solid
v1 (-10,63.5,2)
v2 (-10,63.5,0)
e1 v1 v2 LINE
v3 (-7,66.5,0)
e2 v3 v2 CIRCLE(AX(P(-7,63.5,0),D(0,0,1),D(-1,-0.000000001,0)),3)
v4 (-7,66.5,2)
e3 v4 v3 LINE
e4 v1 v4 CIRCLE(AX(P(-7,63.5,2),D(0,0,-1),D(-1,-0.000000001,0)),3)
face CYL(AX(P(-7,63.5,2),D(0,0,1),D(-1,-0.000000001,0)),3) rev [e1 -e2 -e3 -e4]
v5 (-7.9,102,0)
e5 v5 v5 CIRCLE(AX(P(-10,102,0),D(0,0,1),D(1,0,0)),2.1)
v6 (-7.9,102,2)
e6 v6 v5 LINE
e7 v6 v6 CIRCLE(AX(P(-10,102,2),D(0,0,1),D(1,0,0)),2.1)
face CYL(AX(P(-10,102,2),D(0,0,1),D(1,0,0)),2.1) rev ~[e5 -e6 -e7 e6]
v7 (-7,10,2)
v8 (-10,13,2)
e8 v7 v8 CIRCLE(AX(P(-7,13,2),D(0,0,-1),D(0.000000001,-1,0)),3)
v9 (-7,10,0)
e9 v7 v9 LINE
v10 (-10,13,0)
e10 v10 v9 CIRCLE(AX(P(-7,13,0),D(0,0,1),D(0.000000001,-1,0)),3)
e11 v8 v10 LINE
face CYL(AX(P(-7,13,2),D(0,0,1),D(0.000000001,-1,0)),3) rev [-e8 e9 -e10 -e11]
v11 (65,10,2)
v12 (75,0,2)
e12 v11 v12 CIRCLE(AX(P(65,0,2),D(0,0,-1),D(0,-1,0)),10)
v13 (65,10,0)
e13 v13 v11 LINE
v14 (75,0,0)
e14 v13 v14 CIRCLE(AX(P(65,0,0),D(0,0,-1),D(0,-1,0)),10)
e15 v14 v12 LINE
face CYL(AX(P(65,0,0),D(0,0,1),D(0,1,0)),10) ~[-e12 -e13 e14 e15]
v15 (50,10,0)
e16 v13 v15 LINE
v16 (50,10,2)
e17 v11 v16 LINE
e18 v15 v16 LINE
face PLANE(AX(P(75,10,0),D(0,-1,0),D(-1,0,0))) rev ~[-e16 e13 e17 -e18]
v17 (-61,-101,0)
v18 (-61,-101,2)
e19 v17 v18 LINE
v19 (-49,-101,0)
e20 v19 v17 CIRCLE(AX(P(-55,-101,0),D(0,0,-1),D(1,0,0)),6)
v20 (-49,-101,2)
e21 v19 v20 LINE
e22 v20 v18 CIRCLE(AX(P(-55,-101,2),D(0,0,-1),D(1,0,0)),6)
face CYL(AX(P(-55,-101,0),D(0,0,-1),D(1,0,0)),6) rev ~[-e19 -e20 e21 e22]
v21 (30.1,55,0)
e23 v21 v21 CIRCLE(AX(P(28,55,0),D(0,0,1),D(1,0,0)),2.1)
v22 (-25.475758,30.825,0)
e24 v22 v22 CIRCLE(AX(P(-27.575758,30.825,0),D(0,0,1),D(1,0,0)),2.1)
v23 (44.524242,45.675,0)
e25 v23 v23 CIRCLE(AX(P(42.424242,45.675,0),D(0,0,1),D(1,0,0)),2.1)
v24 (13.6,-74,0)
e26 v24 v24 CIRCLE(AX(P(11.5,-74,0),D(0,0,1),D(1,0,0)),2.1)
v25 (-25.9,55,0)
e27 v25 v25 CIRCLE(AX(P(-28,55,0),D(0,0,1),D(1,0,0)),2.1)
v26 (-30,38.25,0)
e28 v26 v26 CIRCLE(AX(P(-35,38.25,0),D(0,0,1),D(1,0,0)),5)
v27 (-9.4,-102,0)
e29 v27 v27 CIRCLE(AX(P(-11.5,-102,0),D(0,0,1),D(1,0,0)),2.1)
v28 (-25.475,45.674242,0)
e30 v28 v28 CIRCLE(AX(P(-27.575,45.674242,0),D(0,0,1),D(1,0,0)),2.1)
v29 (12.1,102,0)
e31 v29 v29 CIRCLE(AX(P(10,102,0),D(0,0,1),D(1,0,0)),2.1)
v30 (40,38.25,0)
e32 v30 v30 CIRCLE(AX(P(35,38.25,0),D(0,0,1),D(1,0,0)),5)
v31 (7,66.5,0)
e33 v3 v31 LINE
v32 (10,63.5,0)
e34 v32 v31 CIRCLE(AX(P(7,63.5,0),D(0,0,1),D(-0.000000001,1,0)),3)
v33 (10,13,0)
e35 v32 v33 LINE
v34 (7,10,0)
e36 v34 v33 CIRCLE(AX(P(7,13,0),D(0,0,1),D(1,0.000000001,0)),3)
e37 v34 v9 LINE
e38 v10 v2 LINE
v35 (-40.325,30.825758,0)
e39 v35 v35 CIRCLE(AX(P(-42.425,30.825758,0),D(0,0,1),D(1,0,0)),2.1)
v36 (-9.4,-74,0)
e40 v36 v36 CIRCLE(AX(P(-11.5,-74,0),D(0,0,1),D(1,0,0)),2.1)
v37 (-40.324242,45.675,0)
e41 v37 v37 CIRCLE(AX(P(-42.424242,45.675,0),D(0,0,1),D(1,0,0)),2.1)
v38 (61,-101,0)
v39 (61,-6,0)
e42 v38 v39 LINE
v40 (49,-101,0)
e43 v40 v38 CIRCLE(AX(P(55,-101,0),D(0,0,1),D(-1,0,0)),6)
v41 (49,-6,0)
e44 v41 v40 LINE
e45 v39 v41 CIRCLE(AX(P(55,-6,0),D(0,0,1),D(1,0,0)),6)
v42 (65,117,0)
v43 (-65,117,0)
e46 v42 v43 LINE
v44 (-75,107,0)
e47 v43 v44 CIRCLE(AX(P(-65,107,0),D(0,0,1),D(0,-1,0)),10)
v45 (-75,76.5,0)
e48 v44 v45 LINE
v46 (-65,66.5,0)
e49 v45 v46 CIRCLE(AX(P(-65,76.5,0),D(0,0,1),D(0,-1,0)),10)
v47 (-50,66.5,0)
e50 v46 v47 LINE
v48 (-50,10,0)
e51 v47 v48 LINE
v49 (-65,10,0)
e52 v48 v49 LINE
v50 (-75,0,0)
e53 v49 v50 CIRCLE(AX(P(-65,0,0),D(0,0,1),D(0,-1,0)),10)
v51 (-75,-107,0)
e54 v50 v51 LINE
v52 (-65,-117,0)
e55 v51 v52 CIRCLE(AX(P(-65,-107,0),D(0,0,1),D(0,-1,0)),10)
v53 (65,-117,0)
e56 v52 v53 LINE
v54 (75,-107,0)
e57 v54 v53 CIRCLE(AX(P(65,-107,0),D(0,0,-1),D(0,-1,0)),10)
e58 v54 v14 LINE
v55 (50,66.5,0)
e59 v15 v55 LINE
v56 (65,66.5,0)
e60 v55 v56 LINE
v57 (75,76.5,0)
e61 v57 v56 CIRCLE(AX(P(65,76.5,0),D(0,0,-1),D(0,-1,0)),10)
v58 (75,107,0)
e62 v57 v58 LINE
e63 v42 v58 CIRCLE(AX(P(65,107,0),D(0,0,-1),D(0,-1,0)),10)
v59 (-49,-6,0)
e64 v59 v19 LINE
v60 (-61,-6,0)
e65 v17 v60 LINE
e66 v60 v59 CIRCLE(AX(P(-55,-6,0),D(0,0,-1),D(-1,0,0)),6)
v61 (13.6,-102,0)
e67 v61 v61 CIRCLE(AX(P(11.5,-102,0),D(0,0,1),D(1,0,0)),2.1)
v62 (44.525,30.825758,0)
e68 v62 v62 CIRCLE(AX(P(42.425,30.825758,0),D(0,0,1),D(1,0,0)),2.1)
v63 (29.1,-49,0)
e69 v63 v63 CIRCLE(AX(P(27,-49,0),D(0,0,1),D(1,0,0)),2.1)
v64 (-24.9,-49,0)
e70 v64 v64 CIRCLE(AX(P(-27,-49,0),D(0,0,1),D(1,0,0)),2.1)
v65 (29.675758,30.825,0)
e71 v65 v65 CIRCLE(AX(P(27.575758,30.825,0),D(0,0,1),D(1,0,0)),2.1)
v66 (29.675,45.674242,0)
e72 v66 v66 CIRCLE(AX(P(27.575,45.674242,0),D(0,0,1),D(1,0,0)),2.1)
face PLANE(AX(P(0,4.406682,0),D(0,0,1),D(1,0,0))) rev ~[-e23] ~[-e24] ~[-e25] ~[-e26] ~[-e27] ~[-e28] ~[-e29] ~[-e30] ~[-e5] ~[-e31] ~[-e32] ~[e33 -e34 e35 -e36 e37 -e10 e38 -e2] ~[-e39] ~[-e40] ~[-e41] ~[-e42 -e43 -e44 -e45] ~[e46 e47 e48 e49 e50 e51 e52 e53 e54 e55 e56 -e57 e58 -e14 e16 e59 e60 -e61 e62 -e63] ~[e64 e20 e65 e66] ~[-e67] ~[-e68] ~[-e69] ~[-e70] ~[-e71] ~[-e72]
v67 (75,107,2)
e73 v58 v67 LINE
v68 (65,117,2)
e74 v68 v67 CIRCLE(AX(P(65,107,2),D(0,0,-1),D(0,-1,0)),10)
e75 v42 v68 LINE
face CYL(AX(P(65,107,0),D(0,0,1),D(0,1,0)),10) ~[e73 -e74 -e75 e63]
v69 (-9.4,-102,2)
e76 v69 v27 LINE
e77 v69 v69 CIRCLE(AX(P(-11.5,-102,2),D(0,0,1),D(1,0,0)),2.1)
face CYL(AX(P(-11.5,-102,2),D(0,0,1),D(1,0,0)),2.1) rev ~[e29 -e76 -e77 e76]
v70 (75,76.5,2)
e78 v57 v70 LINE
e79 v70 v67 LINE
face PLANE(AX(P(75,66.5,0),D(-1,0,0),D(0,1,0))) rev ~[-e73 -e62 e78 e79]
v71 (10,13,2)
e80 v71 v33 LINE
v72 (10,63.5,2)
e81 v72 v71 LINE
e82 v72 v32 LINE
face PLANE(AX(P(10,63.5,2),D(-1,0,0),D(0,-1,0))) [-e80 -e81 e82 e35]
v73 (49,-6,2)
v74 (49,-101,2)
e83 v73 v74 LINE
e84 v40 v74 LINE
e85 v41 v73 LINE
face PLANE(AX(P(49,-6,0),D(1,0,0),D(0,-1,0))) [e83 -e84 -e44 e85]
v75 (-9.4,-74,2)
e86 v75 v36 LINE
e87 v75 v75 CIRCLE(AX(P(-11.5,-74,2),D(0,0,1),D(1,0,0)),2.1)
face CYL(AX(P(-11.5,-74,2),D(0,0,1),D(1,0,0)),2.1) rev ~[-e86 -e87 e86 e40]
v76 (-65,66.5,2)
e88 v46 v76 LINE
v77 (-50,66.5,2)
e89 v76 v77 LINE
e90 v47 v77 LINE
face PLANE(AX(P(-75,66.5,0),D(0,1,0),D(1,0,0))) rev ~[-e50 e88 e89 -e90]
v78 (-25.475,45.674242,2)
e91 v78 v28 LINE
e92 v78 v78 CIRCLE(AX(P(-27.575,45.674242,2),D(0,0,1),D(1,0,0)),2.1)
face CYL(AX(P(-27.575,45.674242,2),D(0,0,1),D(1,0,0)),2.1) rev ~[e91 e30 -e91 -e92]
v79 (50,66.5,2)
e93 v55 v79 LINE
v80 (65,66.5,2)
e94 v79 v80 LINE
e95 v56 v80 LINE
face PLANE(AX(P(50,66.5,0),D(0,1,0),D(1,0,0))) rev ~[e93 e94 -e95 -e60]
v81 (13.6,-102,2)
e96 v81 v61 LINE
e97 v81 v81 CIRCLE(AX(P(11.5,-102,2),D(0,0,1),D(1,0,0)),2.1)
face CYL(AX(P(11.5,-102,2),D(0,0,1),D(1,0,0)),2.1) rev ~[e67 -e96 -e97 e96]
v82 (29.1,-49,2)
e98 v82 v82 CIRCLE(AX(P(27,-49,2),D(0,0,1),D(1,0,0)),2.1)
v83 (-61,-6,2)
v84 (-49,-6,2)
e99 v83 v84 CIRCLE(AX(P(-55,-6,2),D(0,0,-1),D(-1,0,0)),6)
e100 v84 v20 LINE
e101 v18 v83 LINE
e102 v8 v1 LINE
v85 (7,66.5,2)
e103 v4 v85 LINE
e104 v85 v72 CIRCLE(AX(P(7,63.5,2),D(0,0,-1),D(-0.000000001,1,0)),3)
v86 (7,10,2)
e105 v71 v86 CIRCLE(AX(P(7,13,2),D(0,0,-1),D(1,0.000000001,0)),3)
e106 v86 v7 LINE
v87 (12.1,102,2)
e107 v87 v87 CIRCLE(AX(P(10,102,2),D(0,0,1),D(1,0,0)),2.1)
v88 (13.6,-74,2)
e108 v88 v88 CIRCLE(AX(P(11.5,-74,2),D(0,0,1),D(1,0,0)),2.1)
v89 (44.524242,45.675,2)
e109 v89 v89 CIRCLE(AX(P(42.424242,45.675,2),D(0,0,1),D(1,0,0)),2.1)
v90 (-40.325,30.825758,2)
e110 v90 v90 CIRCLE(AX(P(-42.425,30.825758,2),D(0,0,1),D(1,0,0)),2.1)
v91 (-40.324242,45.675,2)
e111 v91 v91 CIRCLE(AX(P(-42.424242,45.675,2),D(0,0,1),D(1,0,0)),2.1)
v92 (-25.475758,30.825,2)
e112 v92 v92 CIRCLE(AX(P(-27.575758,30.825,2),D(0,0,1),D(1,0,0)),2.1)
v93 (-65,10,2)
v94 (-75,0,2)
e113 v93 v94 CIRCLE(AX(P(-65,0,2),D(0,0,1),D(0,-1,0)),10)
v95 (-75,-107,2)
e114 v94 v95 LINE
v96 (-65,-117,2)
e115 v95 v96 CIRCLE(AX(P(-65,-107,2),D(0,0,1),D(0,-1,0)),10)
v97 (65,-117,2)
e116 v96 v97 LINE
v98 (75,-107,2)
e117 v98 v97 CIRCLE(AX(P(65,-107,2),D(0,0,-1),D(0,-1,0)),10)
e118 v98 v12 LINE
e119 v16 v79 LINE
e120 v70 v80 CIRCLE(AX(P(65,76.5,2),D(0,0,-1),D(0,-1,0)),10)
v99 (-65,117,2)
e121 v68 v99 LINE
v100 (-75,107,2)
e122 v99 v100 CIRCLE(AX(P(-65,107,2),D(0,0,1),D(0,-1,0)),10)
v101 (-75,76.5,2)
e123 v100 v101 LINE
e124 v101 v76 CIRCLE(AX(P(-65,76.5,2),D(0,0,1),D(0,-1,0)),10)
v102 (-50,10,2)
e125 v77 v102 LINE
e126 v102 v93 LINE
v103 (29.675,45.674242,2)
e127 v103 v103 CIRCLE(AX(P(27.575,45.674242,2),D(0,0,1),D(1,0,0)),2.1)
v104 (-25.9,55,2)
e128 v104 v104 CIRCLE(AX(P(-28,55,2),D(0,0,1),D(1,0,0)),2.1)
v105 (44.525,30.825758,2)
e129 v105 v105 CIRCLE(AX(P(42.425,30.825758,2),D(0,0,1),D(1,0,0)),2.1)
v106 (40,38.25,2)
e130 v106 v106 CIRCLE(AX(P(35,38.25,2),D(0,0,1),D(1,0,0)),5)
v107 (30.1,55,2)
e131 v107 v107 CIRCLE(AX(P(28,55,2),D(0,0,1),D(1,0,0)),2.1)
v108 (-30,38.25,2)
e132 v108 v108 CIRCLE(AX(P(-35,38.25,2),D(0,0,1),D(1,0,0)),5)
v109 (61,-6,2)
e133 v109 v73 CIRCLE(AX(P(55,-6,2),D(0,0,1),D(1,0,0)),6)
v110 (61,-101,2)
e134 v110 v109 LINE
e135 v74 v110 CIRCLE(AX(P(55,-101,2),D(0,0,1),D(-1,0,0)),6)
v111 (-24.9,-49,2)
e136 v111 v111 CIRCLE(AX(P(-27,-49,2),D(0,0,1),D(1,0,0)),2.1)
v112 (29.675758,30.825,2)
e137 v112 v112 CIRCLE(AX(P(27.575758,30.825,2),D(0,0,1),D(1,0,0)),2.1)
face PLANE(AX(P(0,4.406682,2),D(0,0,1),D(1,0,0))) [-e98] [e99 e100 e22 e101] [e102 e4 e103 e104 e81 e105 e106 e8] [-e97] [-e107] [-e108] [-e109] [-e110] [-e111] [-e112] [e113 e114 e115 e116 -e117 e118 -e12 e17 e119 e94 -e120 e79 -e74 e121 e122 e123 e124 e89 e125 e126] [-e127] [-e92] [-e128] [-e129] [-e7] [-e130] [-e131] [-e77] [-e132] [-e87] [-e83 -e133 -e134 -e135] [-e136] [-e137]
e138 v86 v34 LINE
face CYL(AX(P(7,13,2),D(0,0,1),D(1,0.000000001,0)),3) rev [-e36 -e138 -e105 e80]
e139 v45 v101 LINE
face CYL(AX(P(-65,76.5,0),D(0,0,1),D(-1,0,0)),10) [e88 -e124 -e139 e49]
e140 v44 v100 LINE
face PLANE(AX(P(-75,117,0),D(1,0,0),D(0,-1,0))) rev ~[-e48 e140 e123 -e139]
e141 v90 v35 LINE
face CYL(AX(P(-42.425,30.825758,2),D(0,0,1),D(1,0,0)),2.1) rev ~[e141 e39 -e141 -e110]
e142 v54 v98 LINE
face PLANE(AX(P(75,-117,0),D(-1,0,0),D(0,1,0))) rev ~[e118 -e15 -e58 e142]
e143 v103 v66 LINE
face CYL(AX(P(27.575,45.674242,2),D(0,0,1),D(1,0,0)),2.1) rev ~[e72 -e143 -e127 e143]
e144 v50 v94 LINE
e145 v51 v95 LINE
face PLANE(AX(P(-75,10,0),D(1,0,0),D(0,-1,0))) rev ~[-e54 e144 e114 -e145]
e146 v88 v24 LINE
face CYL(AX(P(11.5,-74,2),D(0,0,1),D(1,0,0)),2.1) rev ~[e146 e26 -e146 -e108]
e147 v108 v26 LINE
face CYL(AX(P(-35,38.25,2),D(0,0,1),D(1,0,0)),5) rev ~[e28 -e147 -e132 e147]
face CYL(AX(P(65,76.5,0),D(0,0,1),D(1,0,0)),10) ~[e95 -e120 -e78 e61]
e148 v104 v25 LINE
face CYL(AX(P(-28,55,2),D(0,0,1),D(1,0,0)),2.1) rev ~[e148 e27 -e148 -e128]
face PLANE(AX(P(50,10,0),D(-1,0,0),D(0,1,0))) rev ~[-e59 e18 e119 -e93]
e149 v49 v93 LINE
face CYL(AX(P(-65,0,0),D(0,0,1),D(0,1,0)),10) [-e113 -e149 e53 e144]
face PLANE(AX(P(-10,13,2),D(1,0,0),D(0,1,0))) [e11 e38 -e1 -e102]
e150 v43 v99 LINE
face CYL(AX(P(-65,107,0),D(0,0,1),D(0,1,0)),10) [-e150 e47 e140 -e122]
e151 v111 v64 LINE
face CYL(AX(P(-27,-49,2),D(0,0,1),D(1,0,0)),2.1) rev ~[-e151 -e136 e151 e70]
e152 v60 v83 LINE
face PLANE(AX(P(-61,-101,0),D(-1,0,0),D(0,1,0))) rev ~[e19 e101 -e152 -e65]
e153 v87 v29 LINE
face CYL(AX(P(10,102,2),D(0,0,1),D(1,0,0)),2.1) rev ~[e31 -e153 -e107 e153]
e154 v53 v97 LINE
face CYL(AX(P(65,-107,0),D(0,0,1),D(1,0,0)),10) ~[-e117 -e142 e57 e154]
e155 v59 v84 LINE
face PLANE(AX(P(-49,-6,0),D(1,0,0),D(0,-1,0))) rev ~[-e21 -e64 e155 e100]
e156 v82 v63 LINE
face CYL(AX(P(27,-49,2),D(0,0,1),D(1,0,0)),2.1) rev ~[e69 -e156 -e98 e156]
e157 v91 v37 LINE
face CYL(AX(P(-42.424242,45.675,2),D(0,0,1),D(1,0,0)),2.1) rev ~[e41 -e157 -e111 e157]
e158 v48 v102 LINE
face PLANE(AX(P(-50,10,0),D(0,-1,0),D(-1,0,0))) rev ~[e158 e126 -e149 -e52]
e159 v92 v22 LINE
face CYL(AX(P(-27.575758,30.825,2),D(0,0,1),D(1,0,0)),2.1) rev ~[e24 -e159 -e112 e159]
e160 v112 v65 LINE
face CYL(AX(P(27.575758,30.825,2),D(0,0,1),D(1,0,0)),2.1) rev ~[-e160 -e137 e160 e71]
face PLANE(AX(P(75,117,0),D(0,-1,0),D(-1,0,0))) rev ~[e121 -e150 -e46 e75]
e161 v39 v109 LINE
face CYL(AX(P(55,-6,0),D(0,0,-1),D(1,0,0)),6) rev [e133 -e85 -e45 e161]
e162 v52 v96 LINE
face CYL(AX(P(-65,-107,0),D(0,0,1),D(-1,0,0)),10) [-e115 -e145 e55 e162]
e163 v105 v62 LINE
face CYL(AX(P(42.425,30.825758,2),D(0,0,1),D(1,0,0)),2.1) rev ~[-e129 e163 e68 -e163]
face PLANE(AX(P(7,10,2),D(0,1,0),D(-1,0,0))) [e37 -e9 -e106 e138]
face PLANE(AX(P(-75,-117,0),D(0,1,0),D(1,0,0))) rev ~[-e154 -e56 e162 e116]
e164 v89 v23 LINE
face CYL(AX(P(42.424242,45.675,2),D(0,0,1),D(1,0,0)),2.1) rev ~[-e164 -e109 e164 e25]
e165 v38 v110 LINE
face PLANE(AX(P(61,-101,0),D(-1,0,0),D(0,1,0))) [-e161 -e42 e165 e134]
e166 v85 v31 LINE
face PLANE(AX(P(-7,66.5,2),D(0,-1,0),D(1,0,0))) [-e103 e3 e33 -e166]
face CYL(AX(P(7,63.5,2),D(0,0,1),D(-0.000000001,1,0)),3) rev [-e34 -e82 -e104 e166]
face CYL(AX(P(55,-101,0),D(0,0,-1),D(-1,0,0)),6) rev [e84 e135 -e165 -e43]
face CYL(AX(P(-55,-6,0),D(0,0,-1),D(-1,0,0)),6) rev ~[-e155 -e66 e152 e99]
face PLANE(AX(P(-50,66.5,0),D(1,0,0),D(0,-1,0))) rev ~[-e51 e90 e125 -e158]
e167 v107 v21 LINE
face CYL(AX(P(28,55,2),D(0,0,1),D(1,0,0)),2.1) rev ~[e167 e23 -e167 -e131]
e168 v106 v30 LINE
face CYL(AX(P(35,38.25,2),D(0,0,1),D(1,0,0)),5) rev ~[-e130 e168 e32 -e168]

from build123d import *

# Parameters (mm, degrees)
EXTRUDE_1_DEPTH     = 2
FILLET_1_R          = 10
SKETCH_3_R          = 2.1
SKETCH_3_R_2        = 5
CUT_EXTRUDE_1_DEPTH = 3


with BuildPart() as part:
    # 草图1 → 凸台-拉伸1 (new body)
    with BuildSketch(Plane.XY):
        Polygon((75, 117), (-75, 117), (-75, 66.5), (-50, 66.5), (-50, 10), (-75, 10), (-75, -117), (75, -117), (75, 10), (50, 10), (50, 66.5), (75, 66.5), align=None)
        with BuildLine():
            Line((-49, -6), (-49, -101))
            ThreePointArc((-49, -101), (-55, -107), (-61, -101))
            Line((-61, -101), (-61, -6))
            ThreePointArc((-61, -6), (-55, 0), (-49, -6))
        make_face(mode=Mode.SUBTRACT)
        with BuildLine():
            Line((49, -6), (49, -101))
            ThreePointArc((49, -101), (55, -107), (61, -101))
            Line((61, -101), (61, -6))
            ThreePointArc((61, -6), (55, 0), (49, -6))
        make_face(mode=Mode.SUBTRACT)
    extrude(amount=EXTRUDE_1_DEPTH)

    # 圆角1
    fillet_1_edges = [part.edges().sort_by_distance(p)[0] for p in [
        (-75, 117, 1),
        (75, 117, 1),
        (75, 66.5, 1),
        (75, 10, 1),
        (75, -117, 1),
        (-75, -117, 1),
        (-75, 10, 1),
        (-75, 66.5, 1),
    ]]
    fillet(fillet_1_edges, radius=FILLET_1_R)

    # 草图3 → 切除-拉伸1 (cut, through all)
    with BuildSketch(Plane.XY.offset(2)):
        with Locations((-10, 102)):
            Circle(SKETCH_3_R)
        with Locations((-35, 38.25)):
            Circle(SKETCH_3_R_2)
        with Locations((-42.425, 30.825757614)):
            Circle(SKETCH_3_R)
        with Locations((-42.424242386, 45.675)):
            Circle(SKETCH_3_R)
        with Locations((-27.575, 45.674242386)):
            Circle(SKETCH_3_R)
        with Locations((-27.575757614, 30.825)):
            Circle(SKETCH_3_R)
        with Locations((27.575757614, 30.825)):
            Circle(SKETCH_3_R)
        with Locations((27.575, 45.674242386)):
            Circle(SKETCH_3_R)
        with Locations((42.424242386, 45.675)):
            Circle(SKETCH_3_R)
        with Locations((42.425, 30.825757614)):
            Circle(SKETCH_3_R)
        with Locations((35, 38.25)):
            Circle(SKETCH_3_R_2)
        with Locations((10, 102)):
            Circle(SKETCH_3_R)
        with Locations((27, -49)):
            Circle(SKETCH_3_R)
        with Locations((-27, -49)):
            Circle(SKETCH_3_R)
        with Locations((-11.5, -102)):
            Circle(SKETCH_3_R)
        with Locations((11.5, -102)):
            Circle(SKETCH_3_R)
        with Locations((11.5, -74)):
            Circle(SKETCH_3_R)
        with Locations((-11.5, -74)):
            Circle(SKETCH_3_R)
        with Locations((-28, 55)):
            Circle(SKETCH_3_R)
        with Locations((28, 55)):
            Circle(SKETCH_3_R)
        with BuildLine():
            Line((-7, 66.5), (7, 66.5))
            ThreePointArc((7, 66.5), (9.121320344, 65.621320344), (10, 63.5))
            Line((10, 63.5), (10, 13))
            ThreePointArc((10, 13), (9.121320344, 10.878679656), (7, 10))
            Line((7, 10), (-7, 10))
            ThreePointArc((-7, 10), (-9.121320344, 10.878679656), (-10, 13))
            Line((-10, 13), (-10, 63.5))
            ThreePointArc((-10, 63.5), (-9.121320344, 65.621320344), (-7, 66.5))
        make_face()
    extrude(amount=-CUT_EXTRUDE_1_DEPTH, mode=Mode.SUBTRACT)


solid = part.part
